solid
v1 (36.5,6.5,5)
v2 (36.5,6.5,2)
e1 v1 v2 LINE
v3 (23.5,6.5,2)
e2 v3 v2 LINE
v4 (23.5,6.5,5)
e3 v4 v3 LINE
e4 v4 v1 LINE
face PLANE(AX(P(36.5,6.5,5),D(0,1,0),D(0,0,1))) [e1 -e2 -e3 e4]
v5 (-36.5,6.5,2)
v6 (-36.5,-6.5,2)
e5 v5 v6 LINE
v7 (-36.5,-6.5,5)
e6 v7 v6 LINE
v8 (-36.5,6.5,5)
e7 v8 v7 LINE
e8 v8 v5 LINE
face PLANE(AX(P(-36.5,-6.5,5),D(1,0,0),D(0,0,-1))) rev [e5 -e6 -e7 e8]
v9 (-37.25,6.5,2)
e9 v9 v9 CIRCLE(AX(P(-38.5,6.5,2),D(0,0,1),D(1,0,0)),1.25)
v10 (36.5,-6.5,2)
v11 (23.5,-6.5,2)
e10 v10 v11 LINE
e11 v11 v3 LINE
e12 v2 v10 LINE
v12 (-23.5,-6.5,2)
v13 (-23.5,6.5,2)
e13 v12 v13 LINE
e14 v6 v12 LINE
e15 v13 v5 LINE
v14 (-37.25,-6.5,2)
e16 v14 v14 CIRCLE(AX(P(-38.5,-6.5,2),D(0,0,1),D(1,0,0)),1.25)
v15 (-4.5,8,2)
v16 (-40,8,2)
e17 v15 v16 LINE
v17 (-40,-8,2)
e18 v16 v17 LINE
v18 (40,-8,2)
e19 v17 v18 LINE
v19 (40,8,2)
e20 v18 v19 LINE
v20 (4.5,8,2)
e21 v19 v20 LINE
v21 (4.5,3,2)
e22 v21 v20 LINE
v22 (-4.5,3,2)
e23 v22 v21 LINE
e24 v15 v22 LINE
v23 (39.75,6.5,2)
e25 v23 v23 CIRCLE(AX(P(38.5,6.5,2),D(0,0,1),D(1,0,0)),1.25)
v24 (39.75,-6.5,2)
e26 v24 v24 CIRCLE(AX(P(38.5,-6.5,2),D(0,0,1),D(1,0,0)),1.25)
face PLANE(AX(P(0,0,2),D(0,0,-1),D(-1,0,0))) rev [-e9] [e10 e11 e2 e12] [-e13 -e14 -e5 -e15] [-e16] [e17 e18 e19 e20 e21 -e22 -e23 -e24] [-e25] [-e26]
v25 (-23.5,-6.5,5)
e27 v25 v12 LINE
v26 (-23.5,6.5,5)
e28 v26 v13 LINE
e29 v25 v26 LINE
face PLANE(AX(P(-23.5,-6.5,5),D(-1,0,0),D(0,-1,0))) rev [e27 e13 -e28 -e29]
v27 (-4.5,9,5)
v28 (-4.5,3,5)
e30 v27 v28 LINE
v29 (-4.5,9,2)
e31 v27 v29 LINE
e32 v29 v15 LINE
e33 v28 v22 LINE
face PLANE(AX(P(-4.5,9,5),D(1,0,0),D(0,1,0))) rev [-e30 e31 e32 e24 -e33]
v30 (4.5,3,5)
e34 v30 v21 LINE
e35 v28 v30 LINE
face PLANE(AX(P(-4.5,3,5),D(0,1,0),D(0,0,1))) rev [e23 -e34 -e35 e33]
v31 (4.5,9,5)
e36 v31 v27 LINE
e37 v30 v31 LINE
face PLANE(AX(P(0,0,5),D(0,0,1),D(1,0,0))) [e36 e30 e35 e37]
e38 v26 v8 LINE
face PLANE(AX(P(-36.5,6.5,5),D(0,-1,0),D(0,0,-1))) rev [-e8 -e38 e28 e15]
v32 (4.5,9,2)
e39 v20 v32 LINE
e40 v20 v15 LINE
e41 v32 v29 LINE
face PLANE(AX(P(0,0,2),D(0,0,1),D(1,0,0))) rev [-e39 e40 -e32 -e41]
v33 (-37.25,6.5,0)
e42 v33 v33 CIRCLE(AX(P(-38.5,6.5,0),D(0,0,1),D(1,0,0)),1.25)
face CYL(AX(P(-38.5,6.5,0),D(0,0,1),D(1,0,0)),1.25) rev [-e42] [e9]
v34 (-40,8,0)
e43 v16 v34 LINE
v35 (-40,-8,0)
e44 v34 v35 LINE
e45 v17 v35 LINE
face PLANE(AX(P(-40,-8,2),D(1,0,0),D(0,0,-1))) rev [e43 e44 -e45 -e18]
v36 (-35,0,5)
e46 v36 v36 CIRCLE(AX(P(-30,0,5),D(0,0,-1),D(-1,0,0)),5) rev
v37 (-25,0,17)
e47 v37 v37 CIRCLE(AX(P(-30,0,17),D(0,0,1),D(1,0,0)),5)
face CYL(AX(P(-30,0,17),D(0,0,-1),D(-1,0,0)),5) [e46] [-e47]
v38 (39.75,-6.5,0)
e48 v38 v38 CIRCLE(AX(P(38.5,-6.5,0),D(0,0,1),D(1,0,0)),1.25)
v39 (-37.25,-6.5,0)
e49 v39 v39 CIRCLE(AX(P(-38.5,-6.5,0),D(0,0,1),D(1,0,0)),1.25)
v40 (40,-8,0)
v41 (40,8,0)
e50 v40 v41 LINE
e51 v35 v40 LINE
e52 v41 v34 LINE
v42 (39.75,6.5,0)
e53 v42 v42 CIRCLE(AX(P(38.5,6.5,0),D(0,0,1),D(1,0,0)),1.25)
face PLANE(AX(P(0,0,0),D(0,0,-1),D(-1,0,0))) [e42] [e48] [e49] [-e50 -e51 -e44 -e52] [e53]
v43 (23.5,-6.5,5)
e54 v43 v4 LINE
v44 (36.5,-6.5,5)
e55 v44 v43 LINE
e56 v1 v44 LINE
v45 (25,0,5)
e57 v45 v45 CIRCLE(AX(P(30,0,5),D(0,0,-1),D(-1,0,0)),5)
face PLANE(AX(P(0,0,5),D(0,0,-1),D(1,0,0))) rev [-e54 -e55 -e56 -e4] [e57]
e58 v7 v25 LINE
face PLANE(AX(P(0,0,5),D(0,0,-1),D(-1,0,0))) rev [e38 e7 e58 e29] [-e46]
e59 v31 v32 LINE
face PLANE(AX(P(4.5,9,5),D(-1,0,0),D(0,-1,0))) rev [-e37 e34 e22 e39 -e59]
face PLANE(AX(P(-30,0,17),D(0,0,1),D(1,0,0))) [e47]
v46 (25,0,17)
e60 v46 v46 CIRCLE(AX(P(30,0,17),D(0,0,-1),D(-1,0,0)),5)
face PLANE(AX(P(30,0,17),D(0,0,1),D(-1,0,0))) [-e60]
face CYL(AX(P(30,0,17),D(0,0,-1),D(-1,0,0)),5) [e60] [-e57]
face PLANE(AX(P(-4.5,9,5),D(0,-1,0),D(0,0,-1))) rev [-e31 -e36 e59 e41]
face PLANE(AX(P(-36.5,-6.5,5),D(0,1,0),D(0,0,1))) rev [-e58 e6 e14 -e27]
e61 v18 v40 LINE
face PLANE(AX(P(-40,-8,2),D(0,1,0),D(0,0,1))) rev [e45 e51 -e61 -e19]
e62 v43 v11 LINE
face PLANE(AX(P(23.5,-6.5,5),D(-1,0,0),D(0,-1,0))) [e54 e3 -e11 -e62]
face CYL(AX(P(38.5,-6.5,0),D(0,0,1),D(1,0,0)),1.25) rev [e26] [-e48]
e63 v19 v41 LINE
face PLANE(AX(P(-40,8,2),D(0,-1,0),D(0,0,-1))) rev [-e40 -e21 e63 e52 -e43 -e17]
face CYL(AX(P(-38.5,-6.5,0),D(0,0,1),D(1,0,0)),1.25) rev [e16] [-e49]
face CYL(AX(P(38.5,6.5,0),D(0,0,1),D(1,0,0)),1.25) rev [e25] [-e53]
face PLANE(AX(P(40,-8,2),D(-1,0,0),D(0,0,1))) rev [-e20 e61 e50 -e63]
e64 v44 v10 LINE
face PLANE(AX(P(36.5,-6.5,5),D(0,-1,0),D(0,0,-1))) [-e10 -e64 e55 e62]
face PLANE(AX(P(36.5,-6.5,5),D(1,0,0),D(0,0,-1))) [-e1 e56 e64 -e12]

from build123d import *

# Parameters (mm, degrees)
SKETCH_1_W            = 80
SKETCH_1_H            = 16
EXTRUDE_404_DEPTH     = 2
SKETCH_5_R            = 1.25
CUT_EXTRUDE_623_DEPTH = 41.841155713
SKETCH_3_W            = 13
SKETCH_3_H            = 13
EXTRUDE_867_DEPTH     = 3
SKETCH_4_R            = 5
EXTRUDE_1060_DEPTH    = 12
SKETCH_2_W            = 9
SKETCH_2_H            = 6
MICROUSB_DEPTH        = 3


with BuildPart() as part:
    # Эскиз1 → Extrude 404 (new body)
    with BuildSketch(Plane.XY):
        Rectangle(SKETCH_1_W, SKETCH_1_H)
    extrude(amount=EXTRUDE_404_DEPTH)

    # Эскиз5 → Cut-Extrude 623 (cut, through all)
    with BuildSketch(Plane.XY.offset(2)):
        with Locations((-38.5, 6.5)):
            Circle(SKETCH_5_R)
        with Locations((38.5, 6.5)):
            Circle(SKETCH_5_R)
        with Locations((38.5, -6.5)):
            Circle(SKETCH_5_R)
        with Locations((-38.5, -6.5)):
            Circle(SKETCH_5_R)
    extrude(amount=-CUT_EXTRUDE_623_DEPTH, mode=Mode.SUBTRACT)

    # Эскиз3 → Extrude 867 (add)
    with BuildSketch(Plane.XY.offset(2)):
        with Locations((-30, 0)):
            Rectangle(SKETCH_3_W, SKETCH_3_H)
    extrude_867 = extrude(amount=EXTRUDE_867_DEPTH)

    # Эскиз4 → Extrude 1060 (add)
    with BuildSketch(Plane.XY.offset(5)):
        with Locations(Location((-30, 0, 0), (0, 0, 180))):
            Circle(SKETCH_4_R)
    extrude_1060 = extrude(amount=EXTRUDE_1060_DEPTH)

    # Зеркальное отражение1: Extrude 867, Extrude 1060 across plane
    add(extrude_867.mirror(Plane(origin=(0, 0, 0), x_dir=(0, 0, 1), z_dir=(1, 0, 0))))
    add(extrude_1060.mirror(Plane(origin=(0, 0, 0), x_dir=(0, 0, 1), z_dir=(1, 0, 0))))

    # Эскиз2 → microusb (add)
    with BuildSketch(Plane.XY.offset(2)):
        with Locations((0, 6)):
            Rectangle(SKETCH_2_W, SKETCH_2_H)
    extrude(amount=MICROUSB_DEPTH)


solid = part.part
